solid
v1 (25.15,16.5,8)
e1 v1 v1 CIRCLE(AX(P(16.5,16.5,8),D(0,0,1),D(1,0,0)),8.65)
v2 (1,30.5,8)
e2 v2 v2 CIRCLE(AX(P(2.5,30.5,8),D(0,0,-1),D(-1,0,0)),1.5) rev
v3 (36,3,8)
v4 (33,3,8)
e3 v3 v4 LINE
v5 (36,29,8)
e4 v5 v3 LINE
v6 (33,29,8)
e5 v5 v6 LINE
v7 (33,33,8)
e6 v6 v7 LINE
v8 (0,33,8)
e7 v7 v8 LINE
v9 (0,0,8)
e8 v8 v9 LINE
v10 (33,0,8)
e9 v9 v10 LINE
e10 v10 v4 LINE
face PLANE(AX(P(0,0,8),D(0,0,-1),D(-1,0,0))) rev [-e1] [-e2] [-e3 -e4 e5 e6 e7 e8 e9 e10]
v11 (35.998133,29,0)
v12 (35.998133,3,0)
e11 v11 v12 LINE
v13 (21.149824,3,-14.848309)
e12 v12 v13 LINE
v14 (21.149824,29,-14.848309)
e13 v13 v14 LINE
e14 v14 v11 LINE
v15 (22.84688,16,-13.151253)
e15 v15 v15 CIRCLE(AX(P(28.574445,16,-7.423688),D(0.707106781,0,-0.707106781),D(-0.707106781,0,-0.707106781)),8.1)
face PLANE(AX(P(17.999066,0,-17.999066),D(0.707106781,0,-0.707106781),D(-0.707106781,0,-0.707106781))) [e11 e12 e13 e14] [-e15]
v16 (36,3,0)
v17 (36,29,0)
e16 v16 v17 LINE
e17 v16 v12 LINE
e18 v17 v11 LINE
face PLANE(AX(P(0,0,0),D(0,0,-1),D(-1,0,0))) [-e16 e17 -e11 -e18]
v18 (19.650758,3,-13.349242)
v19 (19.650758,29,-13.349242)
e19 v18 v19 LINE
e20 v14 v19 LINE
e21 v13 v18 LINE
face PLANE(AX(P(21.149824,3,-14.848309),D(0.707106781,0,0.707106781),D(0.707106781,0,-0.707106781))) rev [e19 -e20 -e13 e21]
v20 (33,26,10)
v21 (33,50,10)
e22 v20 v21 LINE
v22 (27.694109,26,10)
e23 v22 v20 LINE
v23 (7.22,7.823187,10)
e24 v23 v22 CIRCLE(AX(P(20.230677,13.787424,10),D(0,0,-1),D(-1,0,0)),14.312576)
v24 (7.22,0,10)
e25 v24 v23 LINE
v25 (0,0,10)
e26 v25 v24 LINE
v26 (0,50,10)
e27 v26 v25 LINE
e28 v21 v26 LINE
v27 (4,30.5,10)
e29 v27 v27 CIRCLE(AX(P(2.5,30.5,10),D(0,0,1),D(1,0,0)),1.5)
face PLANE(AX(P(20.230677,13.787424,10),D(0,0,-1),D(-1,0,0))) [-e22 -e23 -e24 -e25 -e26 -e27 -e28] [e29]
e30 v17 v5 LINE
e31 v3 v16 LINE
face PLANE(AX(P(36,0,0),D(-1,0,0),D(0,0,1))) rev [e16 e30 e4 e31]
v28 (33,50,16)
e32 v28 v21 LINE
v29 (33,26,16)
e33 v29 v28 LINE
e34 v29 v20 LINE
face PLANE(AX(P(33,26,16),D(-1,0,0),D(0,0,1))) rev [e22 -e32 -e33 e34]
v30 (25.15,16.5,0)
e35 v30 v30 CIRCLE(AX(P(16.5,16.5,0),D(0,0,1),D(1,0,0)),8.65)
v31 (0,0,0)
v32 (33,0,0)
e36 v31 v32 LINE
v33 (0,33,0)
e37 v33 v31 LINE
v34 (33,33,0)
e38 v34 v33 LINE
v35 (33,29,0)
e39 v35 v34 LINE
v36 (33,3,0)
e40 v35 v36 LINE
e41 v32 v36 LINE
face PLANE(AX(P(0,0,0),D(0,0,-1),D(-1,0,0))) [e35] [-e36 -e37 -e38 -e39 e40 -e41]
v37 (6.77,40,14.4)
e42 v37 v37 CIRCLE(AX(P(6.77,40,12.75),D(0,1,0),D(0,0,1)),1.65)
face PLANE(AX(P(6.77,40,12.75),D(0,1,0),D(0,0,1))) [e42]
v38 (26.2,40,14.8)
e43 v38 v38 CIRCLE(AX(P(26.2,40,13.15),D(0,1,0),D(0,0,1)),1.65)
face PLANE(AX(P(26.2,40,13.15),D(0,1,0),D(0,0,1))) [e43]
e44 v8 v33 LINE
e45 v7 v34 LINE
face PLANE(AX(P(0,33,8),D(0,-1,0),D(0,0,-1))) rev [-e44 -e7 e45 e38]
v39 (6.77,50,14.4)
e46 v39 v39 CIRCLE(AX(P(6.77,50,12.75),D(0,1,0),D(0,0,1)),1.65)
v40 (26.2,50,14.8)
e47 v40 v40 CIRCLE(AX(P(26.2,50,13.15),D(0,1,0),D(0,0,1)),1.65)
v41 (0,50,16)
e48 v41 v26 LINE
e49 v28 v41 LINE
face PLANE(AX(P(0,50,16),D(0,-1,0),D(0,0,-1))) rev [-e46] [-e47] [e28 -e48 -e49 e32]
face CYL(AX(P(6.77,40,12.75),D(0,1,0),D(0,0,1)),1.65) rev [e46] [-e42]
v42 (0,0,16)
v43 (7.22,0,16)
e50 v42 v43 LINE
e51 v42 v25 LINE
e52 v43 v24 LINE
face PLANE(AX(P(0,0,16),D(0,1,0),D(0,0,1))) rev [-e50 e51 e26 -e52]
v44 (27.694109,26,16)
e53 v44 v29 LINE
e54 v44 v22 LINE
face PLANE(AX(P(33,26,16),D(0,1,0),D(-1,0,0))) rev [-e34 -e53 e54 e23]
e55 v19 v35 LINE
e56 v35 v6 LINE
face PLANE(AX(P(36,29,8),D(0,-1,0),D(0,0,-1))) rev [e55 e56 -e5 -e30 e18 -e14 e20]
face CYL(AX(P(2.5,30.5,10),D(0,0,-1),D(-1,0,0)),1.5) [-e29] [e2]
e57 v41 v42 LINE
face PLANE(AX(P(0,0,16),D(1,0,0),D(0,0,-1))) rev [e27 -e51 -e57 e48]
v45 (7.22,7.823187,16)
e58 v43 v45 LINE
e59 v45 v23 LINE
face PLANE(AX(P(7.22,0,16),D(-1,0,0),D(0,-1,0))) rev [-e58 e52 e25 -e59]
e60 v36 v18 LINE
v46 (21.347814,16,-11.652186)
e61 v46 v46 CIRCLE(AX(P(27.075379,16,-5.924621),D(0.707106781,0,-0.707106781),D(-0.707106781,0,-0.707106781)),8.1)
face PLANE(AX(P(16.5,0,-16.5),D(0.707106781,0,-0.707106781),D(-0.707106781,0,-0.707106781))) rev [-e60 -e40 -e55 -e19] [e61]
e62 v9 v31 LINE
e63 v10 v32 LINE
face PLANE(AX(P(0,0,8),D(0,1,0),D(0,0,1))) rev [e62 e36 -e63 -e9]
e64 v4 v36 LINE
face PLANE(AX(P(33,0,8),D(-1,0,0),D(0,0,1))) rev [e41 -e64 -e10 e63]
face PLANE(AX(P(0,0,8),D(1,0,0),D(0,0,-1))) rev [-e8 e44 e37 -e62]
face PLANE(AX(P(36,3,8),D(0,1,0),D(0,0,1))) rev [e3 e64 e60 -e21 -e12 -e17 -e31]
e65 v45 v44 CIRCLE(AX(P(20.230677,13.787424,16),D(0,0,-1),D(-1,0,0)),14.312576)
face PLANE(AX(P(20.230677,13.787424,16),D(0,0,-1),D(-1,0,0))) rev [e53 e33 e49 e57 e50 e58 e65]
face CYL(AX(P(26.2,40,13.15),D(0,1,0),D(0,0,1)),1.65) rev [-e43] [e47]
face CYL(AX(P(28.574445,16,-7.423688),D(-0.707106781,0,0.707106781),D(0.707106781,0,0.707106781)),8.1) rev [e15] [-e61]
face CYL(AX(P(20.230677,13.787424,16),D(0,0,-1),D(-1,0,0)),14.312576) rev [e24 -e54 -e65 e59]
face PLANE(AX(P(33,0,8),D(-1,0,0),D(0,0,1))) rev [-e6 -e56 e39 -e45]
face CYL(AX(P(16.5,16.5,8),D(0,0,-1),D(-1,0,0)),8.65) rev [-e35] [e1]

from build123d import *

# Parameters (mm, degrees)
SKETCH2_W           = 33
SKETCH2_H           = 33
SKETCH2_R           = 8.65
BOSS_EXTRUDE1_DEPTH = 8
SKETCH3_W           = 8
SKETCH3_H           = 26
BOSS_EXTRUDE2_DEPTH = 3
SKETCH4_W           = 26
SKETCH4_H           = 21
SKETCH4_R           = 8.1
BOSS_EXTRUDE3_DEPTH = 2.12
SKETCH5_R           = 1.5
BOSS_EXTRUDE4_DEPTH = 2
BOSS_EXTRUDE5_DEPTH = 6
SKETCH7_R           = 1.65
CUT_EXTRUDE1_DEPTH  = 10


with BuildPart() as part:
    # Sketch2 → Boss-Extrude1 (new body)
    with BuildSketch(Plane.XY):
        with Locations((16.5, 16.5)):
            Rectangle(SKETCH2_W, SKETCH2_H)
        with Locations((16.5, 16.5)):
            Circle(SKETCH2_R, mode=Mode.SUBTRACT)
    extrude(amount=BOSS_EXTRUDE1_DEPTH)

    # Sketch3 → Boss-Extrude2 (add)
    with BuildSketch(Plane(origin=(33, 0, 0), x_dir=(0, 0, -1), z_dir=(1, 0, 0))):
        with Locations((-4, 16)):
            Rectangle(SKETCH3_W, SKETCH3_H)
    extrude(amount=BOSS_EXTRUDE2_DEPTH)

    # Sketch4 → Boss-Extrude3 (add)
    with BuildSketch(Plane(origin=(16.5, 0, -16.5), x_dir=(0, 1, 0), z_dir=(0.707106781, 0, -0.707106781))):
        with Locations((16, 14.955844123)):
            Rectangle(SKETCH4_W, SKETCH4_H)
        with Locations((16, 14.955844123)):
            Circle(SKETCH4_R, mode=Mode.SUBTRACT)
    extrude(amount=BOSS_EXTRUDE3_DEPTH)

    # Sketch5 → Boss-Extrude4 (add)
    with BuildSketch(Plane.XY.offset(8)):
        with Locations((2.5, 30.5)):
            Circle(SKETCH5_R)
    extrude(amount=BOSS_EXTRUDE4_DEPTH)

    # Sketch6 → Boss-Extrude5 (add)
    with BuildSketch(Plane.XY.offset(10)):
        with BuildLine():
            Line((7.22, 0), (7.22, 7.823187296))
            ThreePointArc((7.22, 7.823187296), (10.728461041, 24.490588089), (27.694109386, 26))
            Line((27.694109386, 26), (33, 26))
            Line((33, 26), (33, 50))
            Line((33, 50), (0, 50))
            Line((0, 50), (0, 0))
            Line((0, 0), (7.22, 0))
        make_face()
    extrude(amount=BOSS_EXTRUDE5_DEPTH)

    # Sketch7 → Cut-Extrude1 (cut)
    with BuildSketch(Plane(origin=(0, 50, 0), x_dir=(1, 0, 0), z_dir=(0, 1, 0))):
        with Locations((6.77, -12.75)):
            Circle(SKETCH7_R)
        with Locations((26.2, -13.15)):
            Circle(SKETCH7_R)
    extrude(amount=-CUT_EXTRUDE1_DEPTH, mode=Mode.SUBTRACT)


solid = part.part
